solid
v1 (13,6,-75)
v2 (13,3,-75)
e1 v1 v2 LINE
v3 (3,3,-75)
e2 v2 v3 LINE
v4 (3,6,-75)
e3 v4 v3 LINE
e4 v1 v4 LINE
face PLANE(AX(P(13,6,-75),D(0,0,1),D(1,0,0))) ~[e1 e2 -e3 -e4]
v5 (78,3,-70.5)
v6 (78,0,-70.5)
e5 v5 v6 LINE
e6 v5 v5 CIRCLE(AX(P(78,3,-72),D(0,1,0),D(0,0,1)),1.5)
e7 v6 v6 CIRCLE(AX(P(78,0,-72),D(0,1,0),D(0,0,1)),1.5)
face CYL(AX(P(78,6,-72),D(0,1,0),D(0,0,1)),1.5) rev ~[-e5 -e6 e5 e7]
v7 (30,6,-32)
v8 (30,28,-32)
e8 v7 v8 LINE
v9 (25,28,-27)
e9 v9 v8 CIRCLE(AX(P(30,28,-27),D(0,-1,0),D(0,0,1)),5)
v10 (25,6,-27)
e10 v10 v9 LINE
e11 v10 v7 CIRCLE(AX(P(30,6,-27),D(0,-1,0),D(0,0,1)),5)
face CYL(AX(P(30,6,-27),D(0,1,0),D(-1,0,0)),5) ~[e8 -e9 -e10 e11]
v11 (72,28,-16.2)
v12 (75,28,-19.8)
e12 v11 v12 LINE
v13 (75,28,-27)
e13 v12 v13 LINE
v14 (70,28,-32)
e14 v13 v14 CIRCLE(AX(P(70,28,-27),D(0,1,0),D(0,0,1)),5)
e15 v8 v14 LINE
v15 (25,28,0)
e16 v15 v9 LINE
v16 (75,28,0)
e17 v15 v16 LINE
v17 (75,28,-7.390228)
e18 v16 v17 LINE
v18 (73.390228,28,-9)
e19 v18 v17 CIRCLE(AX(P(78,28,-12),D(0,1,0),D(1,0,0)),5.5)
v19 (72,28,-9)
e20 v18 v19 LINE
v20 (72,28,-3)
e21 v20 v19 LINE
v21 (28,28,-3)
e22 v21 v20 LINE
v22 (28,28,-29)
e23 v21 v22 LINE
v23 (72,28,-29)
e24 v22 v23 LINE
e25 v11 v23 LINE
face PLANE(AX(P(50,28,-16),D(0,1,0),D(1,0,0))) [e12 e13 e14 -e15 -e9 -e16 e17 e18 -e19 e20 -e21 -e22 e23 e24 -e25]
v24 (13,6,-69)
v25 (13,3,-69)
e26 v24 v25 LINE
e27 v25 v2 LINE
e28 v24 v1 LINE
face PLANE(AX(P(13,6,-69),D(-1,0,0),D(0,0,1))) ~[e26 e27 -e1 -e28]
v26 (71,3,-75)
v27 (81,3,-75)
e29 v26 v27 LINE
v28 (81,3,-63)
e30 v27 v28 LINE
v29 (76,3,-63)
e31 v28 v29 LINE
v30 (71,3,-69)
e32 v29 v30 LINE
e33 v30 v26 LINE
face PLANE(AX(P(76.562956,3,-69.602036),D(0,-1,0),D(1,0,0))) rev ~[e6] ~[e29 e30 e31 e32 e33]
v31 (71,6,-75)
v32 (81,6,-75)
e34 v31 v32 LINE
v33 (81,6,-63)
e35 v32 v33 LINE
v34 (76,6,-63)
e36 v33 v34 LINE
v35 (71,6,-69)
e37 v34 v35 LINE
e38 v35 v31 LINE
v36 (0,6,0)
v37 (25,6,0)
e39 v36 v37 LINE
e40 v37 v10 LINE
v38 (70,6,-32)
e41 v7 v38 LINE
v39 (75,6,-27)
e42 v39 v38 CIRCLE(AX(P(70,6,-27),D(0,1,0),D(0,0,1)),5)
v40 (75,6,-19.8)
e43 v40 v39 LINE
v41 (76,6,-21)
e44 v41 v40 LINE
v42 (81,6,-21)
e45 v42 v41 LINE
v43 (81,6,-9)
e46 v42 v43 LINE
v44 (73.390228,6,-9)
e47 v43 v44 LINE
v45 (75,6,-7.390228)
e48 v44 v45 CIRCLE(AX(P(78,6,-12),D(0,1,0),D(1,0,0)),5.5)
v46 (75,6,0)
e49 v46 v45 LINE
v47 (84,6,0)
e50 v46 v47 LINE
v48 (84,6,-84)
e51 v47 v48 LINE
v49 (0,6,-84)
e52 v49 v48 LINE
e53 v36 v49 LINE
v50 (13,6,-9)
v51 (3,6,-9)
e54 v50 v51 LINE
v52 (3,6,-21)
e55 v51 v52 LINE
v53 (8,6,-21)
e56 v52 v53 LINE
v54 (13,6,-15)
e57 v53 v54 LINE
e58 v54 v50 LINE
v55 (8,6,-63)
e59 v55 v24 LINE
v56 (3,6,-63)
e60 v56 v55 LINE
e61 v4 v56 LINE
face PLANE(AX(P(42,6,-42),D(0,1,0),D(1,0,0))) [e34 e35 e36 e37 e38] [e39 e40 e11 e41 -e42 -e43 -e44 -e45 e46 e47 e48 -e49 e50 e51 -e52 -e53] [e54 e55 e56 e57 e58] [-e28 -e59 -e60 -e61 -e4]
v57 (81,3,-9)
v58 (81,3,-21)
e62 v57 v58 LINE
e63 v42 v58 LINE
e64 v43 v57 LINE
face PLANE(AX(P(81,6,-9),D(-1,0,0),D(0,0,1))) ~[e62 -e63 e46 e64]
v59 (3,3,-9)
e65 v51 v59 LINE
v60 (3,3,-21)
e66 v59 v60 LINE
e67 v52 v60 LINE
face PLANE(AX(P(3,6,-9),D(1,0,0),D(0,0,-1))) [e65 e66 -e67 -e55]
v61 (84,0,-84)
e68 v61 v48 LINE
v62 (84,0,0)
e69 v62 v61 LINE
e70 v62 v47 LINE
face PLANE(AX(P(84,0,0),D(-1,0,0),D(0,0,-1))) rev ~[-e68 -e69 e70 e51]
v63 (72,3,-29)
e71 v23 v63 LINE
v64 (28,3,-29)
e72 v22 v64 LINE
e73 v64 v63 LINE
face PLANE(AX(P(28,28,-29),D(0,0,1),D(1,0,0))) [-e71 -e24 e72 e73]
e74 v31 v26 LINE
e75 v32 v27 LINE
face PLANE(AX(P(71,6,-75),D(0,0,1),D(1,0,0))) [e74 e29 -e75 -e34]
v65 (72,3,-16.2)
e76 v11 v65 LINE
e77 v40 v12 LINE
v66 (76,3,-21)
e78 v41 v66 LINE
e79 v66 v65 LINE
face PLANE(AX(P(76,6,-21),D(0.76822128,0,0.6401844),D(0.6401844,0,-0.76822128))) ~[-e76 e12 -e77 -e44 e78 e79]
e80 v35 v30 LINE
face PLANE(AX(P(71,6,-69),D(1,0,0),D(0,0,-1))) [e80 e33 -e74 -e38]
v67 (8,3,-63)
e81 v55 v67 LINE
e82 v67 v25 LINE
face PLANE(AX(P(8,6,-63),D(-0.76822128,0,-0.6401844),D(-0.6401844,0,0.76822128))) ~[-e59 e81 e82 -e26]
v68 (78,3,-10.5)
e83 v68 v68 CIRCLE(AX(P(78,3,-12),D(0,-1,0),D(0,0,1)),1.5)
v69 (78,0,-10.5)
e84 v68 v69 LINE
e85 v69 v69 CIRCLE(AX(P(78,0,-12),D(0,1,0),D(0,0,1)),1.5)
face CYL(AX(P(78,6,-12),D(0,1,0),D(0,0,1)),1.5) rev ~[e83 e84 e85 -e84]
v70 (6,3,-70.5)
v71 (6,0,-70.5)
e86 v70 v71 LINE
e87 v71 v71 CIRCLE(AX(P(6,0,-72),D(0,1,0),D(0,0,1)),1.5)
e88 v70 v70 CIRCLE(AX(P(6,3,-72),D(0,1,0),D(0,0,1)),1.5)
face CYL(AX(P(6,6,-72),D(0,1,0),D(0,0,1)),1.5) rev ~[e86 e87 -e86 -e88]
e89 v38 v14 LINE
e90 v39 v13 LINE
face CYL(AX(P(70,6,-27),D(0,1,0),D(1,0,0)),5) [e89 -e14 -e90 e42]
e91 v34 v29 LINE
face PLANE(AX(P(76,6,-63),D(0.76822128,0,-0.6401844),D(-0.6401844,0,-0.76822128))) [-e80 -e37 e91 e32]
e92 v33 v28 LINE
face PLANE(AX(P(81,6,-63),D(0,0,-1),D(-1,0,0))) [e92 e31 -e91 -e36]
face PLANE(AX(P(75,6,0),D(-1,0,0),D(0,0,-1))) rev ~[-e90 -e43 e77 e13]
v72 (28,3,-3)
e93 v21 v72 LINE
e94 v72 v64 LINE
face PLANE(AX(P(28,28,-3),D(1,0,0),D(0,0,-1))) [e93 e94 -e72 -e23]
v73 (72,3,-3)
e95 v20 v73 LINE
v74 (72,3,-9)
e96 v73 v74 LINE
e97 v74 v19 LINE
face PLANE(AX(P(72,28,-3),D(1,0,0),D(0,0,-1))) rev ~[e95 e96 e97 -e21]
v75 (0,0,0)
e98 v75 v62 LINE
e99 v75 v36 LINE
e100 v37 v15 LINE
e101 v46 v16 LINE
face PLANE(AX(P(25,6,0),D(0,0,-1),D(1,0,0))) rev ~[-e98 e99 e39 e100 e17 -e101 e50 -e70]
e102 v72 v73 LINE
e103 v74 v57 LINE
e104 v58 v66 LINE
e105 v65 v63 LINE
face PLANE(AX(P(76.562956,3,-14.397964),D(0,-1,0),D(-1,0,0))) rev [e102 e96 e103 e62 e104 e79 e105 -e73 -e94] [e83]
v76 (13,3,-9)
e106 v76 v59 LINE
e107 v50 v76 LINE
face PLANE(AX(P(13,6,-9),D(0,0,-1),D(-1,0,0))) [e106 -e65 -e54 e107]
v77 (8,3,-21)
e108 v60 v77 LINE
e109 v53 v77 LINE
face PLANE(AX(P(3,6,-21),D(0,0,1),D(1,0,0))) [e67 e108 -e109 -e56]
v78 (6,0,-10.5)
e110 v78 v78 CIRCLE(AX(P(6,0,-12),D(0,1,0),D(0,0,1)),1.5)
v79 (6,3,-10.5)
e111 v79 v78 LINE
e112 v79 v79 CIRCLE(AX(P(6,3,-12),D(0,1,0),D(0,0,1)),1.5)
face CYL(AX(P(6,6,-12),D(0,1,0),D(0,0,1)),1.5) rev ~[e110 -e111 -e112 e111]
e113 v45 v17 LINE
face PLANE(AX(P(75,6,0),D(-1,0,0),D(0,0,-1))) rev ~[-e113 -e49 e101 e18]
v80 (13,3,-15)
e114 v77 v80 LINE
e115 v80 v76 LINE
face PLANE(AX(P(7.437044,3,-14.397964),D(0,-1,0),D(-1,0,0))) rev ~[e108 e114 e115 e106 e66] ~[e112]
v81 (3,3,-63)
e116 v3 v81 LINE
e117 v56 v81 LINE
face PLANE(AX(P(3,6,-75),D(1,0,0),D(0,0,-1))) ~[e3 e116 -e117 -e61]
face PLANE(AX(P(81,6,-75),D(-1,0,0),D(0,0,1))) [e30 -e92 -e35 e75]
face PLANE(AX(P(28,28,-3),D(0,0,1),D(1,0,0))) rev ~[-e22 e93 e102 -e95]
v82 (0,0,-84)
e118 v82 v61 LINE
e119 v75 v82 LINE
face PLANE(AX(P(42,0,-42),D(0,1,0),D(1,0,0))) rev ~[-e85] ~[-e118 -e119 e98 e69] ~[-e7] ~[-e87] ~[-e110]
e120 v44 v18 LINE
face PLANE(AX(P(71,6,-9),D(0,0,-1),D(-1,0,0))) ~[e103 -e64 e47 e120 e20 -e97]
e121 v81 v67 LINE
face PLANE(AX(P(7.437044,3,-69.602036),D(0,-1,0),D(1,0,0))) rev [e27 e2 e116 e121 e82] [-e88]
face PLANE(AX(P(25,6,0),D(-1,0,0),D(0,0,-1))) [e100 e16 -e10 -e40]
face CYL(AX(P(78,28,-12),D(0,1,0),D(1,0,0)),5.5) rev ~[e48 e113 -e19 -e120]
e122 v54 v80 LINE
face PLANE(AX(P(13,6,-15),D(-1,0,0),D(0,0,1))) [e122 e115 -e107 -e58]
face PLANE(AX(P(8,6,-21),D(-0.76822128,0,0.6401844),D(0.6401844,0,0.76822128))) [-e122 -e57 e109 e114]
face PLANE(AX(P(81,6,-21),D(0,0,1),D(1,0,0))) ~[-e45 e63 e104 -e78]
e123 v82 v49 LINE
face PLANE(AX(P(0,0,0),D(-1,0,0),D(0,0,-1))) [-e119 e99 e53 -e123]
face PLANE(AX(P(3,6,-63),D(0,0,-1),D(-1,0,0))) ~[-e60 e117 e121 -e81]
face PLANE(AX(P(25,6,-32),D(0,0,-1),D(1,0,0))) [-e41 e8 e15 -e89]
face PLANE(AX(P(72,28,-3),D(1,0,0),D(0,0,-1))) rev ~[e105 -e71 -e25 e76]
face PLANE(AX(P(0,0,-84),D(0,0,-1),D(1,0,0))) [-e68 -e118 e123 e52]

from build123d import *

# Parameters (mm, degrees)
SKETCH1_W               = 84
SKETCH1_H               = 84
BOSS_EXTRUDE1_DEPTH     = 6
SKETCH2_R               = 1.5
CUT_EXTRUDE1_DEPTH      = 119.94536561
SKETCH4_R               = 1.5
CUT_EXTRUDE4_DEPTH      = 3
MIRROR3_COPY_1_SKETCH_R = 1.5
MIRROR3_COPY_1_DEPTH    = 3
SKETCH5_W               = 50
SKETCH5_H               = 32
BOSS_EXTRUDE2_DEPTH     = 22
SKETCH6_W               = 44
SKETCH6_H               = 26
CUT_EXTRUDE5_DEPTH      = 25
SKETCH8_R               = 5.5
CUT_EXTRUDE14_DEPTH     = 22
CUT_EXTRUDE15_DEPTH     = 122.396046064
FILLET2_R               = 5


with BuildPart() as part:
    # Sketch1 → Boss-Extrude1 (new body)
    with BuildSketch(Plane(origin=(0, 0, 0), x_dir=(1, 0, 0), z_dir=(0, 1, 0))):
        with Locations((42, 42)):
            Rectangle(SKETCH1_W, SKETCH1_H)
    extrude(amount=BOSS_EXTRUDE1_DEPTH)

    # Sketch2 → Cut-Extrude1 (cut, through all)
    with BuildSketch(Plane(origin=(0, 6, 0), x_dir=(1, 0, 0), z_dir=(0, 1, 0))):
        with Locations(Location((6, 72, 0), (0, 0, 270))):
            Circle(SKETCH2_R)
        with Locations(Location((6, 12, 0), (0, 0, 270))):
            Circle(SKETCH2_R)
        with Locations(Location((78, 12, 0), (0, 0, 270))):
            Circle(SKETCH2_R)
        with Locations(Location((78, 72, 0), (0, 0, 270))):
            Circle(SKETCH2_R)
    extrude(amount=-CUT_EXTRUDE1_DEPTH, mode=Mode.SUBTRACT)

    # Sketch4 → Cut-Extrude4 (cut)
    with BuildSketch(Plane(origin=(0, 6, 0), x_dir=(1, 0, 0), z_dir=(0, 1, 0))):
        Polygon((13, 15), (13, 9), (3, 9), (3, 21), (8, 21), align=None)
        with Locations(Location((6, 12, 0), (0, 0, 270))):
            Circle(SKETCH4_R, mode=Mode.SUBTRACT)
    cut_extrude4 = extrude(amount=-CUT_EXTRUDE4_DEPTH, mode=Mode.SUBTRACT)

    # Mirror2: Cut-Extrude4 across plane
    add(cut_extrude4.mirror(Plane.XY.offset(-42)), mode=Mode.SUBTRACT)

    # Mirror3: Cut-Extrude4 across plane
    add(cut_extrude4.mirror(Plane.ZY.offset(-42)), mode=Mode.SUBTRACT)

    # Mirror3 copy 1 sketch → Mirror3 copy 1 (cut)
    with BuildSketch(Plane(origin=(84, 6, -84), x_dir=(-1, 0, 0), z_dir=(0, 1, 0))):
        Polygon((13, 15), (13, 9), (3, 9), (3, 21), (8, 21), align=None)
        with Locations(Location((6, 12, 0), (0, 0, 270))):
            Circle(MIRROR3_COPY_1_SKETCH_R, mode=Mode.SUBTRACT)
    extrude(amount=-MIRROR3_COPY_1_DEPTH, mode=Mode.SUBTRACT)

    # Sketch5 → Boss-Extrude2 (add)
    with BuildSketch(Plane(origin=(0, 6, 0), x_dir=(1, 0, 0), z_dir=(0, 1, 0))):
        with Locations((50, 16)):
            Rectangle(SKETCH5_W, SKETCH5_H)
    extrude(amount=BOSS_EXTRUDE2_DEPTH)

    # Sketch6 → Cut-Extrude5 (cut)
    with BuildSketch(Plane(origin=(0, 28, 0), x_dir=(1, 0, 0), z_dir=(0, 1, 0))):
        with Locations((50, 16)):
            Rectangle(SKETCH6_W, SKETCH6_H)
    extrude(amount=-CUT_EXTRUDE5_DEPTH, mode=Mode.SUBTRACT)

    # Sketch8 → Cut-Extrude14 (cut)
    with BuildSketch(Plane(origin=(0, 28, 0), x_dir=(1, 0, 0), z_dir=(0, 1, 0))):
        with Locations((78, 12)):
            Circle(SKETCH8_R)
    extrude(amount=-CUT_EXTRUDE14_DEPTH, mode=Mode.SUBTRACT)

    # Sketch13 → Cut-Extrude15 (cut, through all)
    with BuildSketch(Plane(origin=(0, 3, 0), x_dir=(1, 0, 0), z_dir=(0, 1, 0))):
        Polygon((72, 9), (81, 9), (81, 21), (76, 21), (72, 16.2), (72, 29), (28, 29), (28, 3), (72, 3), align=None)
    extrude(amount=CUT_EXTRUDE15_DEPTH, mode=Mode.SUBTRACT)

    # Fillet2
    fillet2_edges = [part.edges().sort_by_distance(p)[0] for p in [
        (75, 17, -32),
        (25, 17, -32),
    ]]
    fillet(fillet2_edges, radius=FILLET2_R)


solid = part.part
